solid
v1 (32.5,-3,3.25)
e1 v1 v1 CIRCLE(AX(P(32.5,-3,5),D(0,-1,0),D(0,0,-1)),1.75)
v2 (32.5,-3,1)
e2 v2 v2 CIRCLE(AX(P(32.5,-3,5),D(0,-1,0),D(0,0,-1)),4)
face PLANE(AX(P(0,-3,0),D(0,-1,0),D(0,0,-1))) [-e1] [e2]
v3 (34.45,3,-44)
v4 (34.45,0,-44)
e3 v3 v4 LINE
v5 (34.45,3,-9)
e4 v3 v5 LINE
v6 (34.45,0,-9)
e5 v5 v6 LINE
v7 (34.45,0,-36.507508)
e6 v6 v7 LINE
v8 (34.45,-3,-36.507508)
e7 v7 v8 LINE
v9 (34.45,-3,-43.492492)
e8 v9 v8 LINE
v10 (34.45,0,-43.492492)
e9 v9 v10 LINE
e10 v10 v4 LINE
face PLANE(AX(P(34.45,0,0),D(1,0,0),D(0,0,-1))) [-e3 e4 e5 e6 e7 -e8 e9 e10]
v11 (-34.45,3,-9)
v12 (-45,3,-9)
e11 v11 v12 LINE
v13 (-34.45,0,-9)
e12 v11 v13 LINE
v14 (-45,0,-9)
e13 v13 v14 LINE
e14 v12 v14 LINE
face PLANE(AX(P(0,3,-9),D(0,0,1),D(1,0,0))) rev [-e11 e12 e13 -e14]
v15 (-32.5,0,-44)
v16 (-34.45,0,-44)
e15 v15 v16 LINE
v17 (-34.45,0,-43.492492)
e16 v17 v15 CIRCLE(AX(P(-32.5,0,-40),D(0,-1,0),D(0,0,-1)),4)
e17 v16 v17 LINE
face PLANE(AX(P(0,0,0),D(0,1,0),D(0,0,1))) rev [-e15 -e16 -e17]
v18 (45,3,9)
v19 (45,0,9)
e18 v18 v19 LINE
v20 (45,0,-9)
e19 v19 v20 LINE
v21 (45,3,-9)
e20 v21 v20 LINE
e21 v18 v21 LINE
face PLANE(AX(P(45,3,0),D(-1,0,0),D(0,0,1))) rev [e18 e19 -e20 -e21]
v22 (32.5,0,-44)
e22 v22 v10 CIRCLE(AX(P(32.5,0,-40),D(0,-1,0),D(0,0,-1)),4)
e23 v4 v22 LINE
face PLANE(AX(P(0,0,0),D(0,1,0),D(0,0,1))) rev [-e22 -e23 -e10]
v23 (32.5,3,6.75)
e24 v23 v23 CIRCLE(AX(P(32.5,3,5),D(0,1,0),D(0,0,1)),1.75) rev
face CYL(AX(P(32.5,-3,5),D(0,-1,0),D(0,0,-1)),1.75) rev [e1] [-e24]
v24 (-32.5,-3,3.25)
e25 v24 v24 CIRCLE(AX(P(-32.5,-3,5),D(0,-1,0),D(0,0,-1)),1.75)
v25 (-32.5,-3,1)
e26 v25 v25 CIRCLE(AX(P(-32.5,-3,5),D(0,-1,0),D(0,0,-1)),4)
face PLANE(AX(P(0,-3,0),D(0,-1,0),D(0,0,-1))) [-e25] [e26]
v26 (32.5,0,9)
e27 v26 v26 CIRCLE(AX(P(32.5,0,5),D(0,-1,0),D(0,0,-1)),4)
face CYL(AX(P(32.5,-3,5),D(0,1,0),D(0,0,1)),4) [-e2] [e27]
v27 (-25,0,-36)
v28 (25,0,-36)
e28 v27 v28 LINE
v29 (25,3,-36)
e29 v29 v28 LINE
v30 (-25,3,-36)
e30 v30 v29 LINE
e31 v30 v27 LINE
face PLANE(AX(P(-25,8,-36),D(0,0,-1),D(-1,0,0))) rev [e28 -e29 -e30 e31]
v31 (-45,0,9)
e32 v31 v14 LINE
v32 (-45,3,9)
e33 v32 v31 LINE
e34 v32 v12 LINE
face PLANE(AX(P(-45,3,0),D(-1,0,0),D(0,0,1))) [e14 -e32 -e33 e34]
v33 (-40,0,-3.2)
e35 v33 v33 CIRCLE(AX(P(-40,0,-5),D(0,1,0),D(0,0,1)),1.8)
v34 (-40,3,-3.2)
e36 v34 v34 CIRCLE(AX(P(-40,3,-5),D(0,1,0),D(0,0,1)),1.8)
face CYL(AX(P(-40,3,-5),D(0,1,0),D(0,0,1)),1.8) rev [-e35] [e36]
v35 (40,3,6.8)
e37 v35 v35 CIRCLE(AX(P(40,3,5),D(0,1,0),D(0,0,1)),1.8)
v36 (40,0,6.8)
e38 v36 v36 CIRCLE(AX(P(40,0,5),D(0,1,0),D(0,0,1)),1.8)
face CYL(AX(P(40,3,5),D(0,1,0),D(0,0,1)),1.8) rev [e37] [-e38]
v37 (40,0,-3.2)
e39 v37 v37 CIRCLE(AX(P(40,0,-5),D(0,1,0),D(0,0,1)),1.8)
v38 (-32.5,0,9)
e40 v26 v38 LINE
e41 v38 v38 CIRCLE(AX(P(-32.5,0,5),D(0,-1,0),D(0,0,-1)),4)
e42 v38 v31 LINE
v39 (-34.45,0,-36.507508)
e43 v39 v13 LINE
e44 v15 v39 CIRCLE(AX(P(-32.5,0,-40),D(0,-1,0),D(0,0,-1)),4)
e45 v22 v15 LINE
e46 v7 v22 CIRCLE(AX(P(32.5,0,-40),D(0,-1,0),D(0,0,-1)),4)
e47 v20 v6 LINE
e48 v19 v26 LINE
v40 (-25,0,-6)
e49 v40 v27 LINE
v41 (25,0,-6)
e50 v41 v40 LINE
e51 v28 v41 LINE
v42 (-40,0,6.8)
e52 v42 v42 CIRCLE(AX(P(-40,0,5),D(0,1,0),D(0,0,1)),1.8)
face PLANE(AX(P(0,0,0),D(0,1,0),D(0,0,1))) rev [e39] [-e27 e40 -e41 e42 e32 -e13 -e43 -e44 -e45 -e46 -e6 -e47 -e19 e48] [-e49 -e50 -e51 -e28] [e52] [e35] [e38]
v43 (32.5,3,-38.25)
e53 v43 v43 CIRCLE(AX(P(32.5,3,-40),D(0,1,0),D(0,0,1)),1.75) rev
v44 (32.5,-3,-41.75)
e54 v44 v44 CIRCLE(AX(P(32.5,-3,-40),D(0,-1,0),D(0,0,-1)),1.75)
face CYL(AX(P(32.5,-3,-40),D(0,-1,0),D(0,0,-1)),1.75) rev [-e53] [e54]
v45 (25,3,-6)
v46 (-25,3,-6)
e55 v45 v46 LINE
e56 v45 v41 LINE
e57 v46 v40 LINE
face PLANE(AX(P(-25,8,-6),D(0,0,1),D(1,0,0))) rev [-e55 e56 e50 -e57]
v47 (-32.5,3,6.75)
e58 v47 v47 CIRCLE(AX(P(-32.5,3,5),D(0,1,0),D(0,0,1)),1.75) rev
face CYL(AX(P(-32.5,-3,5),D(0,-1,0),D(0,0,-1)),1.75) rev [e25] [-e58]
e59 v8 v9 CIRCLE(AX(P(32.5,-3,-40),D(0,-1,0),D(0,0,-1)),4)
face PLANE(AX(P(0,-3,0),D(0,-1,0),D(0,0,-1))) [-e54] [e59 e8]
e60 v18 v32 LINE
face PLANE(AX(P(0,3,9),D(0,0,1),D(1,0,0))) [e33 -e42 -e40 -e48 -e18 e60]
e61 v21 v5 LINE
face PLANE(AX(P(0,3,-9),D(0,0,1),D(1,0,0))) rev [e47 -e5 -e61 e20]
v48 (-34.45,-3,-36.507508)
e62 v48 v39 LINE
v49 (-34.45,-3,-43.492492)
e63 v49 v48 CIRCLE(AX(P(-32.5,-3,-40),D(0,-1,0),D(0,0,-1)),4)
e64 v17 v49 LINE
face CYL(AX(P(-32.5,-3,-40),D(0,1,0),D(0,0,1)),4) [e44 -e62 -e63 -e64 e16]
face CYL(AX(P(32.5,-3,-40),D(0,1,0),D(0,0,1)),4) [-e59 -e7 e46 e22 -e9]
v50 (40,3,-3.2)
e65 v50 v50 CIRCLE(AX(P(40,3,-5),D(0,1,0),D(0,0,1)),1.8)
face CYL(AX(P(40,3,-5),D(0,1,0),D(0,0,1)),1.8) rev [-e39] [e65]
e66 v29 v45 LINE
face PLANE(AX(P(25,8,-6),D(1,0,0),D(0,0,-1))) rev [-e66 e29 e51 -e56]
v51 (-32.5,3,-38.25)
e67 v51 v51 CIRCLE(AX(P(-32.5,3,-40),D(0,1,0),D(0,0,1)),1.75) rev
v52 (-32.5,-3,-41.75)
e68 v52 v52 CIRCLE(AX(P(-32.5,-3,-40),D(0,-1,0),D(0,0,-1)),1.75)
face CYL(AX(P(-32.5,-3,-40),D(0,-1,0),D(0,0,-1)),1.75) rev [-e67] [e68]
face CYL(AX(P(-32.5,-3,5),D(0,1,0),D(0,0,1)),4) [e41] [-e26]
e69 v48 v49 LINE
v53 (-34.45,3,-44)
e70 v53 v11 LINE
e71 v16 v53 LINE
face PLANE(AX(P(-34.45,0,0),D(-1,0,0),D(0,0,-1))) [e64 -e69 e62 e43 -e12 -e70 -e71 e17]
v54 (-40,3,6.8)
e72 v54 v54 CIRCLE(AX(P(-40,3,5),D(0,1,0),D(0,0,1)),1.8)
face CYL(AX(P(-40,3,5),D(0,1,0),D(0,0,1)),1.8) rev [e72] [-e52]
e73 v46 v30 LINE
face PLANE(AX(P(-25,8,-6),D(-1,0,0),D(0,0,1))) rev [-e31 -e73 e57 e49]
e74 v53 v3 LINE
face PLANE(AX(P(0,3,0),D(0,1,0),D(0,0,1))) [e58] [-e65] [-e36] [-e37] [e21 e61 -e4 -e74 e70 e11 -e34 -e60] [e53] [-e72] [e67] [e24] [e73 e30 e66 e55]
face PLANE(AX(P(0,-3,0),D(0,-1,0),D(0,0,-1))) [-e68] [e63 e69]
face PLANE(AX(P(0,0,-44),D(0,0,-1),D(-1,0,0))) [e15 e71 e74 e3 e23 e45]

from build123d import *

# Parameters (mm, degrees)
SKETCH1_W                 = 90
SKETCH1_H                 = 18
BOSS_EXTRUDE1_DEPTH       = 3
SKETCH1_3_W               = 69.7
SKETCH1_3_H               = 18
BOSS_EXTRUDE2_DEPTH       = 8
M3_CLEARANCE_HOLE1_D      = 3.6
M3_CLEARANCE_HOLE1_DEPTH  = 10
M3_CLEARANCE_HOLE1_TIP    = 1.081549114
SKETCH6_W                 = 69.7
SKETCH6_H                 = 37
BOSS_EXTRUDE3_DEPTH       = 5
SKETCH9_R                 = 4
BOSS_EXTRUDE4_DEPTH       = 3
F_3_0MM_DOWEL_HOLE1_D     = 3.5
F_3_0MM_DOWEL_HOLE1_DEPTH = 6
F_3_0MM_DOWEL_HOLE1_TIP   = 1.051506083
SKETCH12_W                = 50
SKETCH12_H                = 30
CUT_EXTRUDE1_DEPTH        = 65.845971347
CUT_EXTRUDE2_DEPTH        = 93.498770262
SKETCH15_W                = 69.7
SKETCH15_H                = 3
CUT_EXTRUDE3_DEPTH        = 2
SKETCH16_W                = 35
SKETCH16_H                = 8.236372104
CUT_EXTRUDE4_DEPTH        = 0.4


with BuildPart() as part:
    # Sketch1 → Boss-Extrude1 (new body)
    with BuildSketch(Plane(origin=(0, 0, 0), x_dir=(1, 0, 0), z_dir=(0, 1, 0))):
        Rectangle(SKETCH1_W, SKETCH1_H)
    extrude(amount=BOSS_EXTRUDE1_DEPTH)

    # Sketch1<3> → Boss-Extrude2 (add)
    with BuildSketch(Plane(origin=(0, 0, 0), x_dir=(1, 0, 0), z_dir=(0, 1, 0))):
        Rectangle(SKETCH1_3_W, SKETCH1_3_H)
    extrude(amount=BOSS_EXTRUDE2_DEPTH)

    # M3 Clearance Hole1
    with Locations(Plane(origin=(0, 3, 0), x_dir=(1, 0, 0), z_dir=(0, 1, 0))):
        with Locations((-40, 5), (-40, -5), (40, -5), (40, 5)):
            Hole(M3_CLEARANCE_HOLE1_D / 2, depth=M3_CLEARANCE_HOLE1_DEPTH)
            with Locations((0, 0, -(M3_CLEARANCE_HOLE1_DEPTH + M3_CLEARANCE_HOLE1_TIP / 2))):  # 118° drill point
                Cone(0, M3_CLEARANCE_HOLE1_D / 2, M3_CLEARANCE_HOLE1_TIP, mode=Mode.SUBTRACT)

    # Sketch6 → Boss-Extrude3 (add)
    with BuildSketch(Plane.XZ):
        with Locations((0, -27.5)):
            Rectangle(SKETCH6_W, SKETCH6_H)
    extrude(amount=-BOSS_EXTRUDE3_DEPTH)

    # Sketch9 → Boss-Extrude4 (add)
    with BuildSketch(Plane.XZ):
        with Locations((-32.5, 5)):
            Circle(SKETCH9_R)
        with Locations((32.5, 5)):
            Circle(SKETCH9_R)
        with BuildLine():
            Line((-34.85, -36.763103338), (-34.85, -43.236896662))
            ThreePointArc((-34.85, -43.236896662), (-28.5, -40), (-34.85, -36.763103338))
        make_face()
        with BuildLine():
            ThreePointArc((34.85, -36.763103338), (28.5, -40), (34.85, -43.236896662))
            Line((34.85, -43.236896662), (34.85, -36.763103338))
        make_face()
    extrude(amount=BOSS_EXTRUDE4_DEPTH)

    # Ø3.0mm Dowel Hole1
    with Locations(Plane(origin=(0, -3, 0), x_dir=(-1, 0, 0), z_dir=(0, -1, 0))):
        with Locations((-32.5, -5), (32.5, -5), (32.5, 40), (-32.5, 40)):
            Hole(F_3_0MM_DOWEL_HOLE1_D / 2, depth=F_3_0MM_DOWEL_HOLE1_DEPTH)
            with Locations((0, 0, -(F_3_0MM_DOWEL_HOLE1_DEPTH + F_3_0MM_DOWEL_HOLE1_TIP / 2))):  # 118° drill point
                Cone(0, F_3_0MM_DOWEL_HOLE1_D / 2, F_3_0MM_DOWEL_HOLE1_TIP, mode=Mode.SUBTRACT)

    # Sketch12 → Cut-Extrude1 (cut, through all)
    with BuildSketch(Plane.XZ):
        with Locations((0, -21)):
            Rectangle(SKETCH12_W, SKETCH12_H)
    extrude(amount=-CUT_EXTRUDE1_DEPTH, mode=Mode.SUBTRACT)

    # Sketch14 → Cut-Extrude2 (cut, through all)
    with BuildSketch(Plane.ZY.offset(34.85)):
        Polygon((9, 3), (9, 8), (-9, 8), (-9, 5), (-46, 5), (-46, 3), (-9, 3), align=None)
    extrude(amount=-CUT_EXTRUDE2_DEPTH, mode=Mode.SUBTRACT)

    # Sketch15 → Cut-Extrude3 (cut)
    with BuildSketch(Plane(origin=(0, 0, -46), x_dir=(-1, 0, 0), z_dir=(0, 0, -1))):
        with Locations((0, 1.5)):
            Rectangle(SKETCH15_W, SKETCH15_H)
    extrude(amount=-CUT_EXTRUDE3_DEPTH, mode=Mode.SUBTRACT)

    # Sketch16 → Cut-Extrude4 (cut)
    with BuildSketch(Plane(origin=(34.85, 0, 0), x_dir=(0, 0, -1), z_dir=(1, 0, 0))):
        with Locations((26.5, -1.118186052)):
            Rectangle(SKETCH16_W, SKETCH16_H)
    cut_extrude4 = extrude(amount=-CUT_EXTRUDE4_DEPTH, mode=Mode.SUBTRACT)

    # Mirror1: Cut-Extrude4 across plane
    add(cut_extrude4.mirror(Plane(origin=(0, 0, 0), x_dir=(0, 0, 1), z_dir=(1, 0, 0))), mode=Mode.SUBTRACT)


solid = part.part
